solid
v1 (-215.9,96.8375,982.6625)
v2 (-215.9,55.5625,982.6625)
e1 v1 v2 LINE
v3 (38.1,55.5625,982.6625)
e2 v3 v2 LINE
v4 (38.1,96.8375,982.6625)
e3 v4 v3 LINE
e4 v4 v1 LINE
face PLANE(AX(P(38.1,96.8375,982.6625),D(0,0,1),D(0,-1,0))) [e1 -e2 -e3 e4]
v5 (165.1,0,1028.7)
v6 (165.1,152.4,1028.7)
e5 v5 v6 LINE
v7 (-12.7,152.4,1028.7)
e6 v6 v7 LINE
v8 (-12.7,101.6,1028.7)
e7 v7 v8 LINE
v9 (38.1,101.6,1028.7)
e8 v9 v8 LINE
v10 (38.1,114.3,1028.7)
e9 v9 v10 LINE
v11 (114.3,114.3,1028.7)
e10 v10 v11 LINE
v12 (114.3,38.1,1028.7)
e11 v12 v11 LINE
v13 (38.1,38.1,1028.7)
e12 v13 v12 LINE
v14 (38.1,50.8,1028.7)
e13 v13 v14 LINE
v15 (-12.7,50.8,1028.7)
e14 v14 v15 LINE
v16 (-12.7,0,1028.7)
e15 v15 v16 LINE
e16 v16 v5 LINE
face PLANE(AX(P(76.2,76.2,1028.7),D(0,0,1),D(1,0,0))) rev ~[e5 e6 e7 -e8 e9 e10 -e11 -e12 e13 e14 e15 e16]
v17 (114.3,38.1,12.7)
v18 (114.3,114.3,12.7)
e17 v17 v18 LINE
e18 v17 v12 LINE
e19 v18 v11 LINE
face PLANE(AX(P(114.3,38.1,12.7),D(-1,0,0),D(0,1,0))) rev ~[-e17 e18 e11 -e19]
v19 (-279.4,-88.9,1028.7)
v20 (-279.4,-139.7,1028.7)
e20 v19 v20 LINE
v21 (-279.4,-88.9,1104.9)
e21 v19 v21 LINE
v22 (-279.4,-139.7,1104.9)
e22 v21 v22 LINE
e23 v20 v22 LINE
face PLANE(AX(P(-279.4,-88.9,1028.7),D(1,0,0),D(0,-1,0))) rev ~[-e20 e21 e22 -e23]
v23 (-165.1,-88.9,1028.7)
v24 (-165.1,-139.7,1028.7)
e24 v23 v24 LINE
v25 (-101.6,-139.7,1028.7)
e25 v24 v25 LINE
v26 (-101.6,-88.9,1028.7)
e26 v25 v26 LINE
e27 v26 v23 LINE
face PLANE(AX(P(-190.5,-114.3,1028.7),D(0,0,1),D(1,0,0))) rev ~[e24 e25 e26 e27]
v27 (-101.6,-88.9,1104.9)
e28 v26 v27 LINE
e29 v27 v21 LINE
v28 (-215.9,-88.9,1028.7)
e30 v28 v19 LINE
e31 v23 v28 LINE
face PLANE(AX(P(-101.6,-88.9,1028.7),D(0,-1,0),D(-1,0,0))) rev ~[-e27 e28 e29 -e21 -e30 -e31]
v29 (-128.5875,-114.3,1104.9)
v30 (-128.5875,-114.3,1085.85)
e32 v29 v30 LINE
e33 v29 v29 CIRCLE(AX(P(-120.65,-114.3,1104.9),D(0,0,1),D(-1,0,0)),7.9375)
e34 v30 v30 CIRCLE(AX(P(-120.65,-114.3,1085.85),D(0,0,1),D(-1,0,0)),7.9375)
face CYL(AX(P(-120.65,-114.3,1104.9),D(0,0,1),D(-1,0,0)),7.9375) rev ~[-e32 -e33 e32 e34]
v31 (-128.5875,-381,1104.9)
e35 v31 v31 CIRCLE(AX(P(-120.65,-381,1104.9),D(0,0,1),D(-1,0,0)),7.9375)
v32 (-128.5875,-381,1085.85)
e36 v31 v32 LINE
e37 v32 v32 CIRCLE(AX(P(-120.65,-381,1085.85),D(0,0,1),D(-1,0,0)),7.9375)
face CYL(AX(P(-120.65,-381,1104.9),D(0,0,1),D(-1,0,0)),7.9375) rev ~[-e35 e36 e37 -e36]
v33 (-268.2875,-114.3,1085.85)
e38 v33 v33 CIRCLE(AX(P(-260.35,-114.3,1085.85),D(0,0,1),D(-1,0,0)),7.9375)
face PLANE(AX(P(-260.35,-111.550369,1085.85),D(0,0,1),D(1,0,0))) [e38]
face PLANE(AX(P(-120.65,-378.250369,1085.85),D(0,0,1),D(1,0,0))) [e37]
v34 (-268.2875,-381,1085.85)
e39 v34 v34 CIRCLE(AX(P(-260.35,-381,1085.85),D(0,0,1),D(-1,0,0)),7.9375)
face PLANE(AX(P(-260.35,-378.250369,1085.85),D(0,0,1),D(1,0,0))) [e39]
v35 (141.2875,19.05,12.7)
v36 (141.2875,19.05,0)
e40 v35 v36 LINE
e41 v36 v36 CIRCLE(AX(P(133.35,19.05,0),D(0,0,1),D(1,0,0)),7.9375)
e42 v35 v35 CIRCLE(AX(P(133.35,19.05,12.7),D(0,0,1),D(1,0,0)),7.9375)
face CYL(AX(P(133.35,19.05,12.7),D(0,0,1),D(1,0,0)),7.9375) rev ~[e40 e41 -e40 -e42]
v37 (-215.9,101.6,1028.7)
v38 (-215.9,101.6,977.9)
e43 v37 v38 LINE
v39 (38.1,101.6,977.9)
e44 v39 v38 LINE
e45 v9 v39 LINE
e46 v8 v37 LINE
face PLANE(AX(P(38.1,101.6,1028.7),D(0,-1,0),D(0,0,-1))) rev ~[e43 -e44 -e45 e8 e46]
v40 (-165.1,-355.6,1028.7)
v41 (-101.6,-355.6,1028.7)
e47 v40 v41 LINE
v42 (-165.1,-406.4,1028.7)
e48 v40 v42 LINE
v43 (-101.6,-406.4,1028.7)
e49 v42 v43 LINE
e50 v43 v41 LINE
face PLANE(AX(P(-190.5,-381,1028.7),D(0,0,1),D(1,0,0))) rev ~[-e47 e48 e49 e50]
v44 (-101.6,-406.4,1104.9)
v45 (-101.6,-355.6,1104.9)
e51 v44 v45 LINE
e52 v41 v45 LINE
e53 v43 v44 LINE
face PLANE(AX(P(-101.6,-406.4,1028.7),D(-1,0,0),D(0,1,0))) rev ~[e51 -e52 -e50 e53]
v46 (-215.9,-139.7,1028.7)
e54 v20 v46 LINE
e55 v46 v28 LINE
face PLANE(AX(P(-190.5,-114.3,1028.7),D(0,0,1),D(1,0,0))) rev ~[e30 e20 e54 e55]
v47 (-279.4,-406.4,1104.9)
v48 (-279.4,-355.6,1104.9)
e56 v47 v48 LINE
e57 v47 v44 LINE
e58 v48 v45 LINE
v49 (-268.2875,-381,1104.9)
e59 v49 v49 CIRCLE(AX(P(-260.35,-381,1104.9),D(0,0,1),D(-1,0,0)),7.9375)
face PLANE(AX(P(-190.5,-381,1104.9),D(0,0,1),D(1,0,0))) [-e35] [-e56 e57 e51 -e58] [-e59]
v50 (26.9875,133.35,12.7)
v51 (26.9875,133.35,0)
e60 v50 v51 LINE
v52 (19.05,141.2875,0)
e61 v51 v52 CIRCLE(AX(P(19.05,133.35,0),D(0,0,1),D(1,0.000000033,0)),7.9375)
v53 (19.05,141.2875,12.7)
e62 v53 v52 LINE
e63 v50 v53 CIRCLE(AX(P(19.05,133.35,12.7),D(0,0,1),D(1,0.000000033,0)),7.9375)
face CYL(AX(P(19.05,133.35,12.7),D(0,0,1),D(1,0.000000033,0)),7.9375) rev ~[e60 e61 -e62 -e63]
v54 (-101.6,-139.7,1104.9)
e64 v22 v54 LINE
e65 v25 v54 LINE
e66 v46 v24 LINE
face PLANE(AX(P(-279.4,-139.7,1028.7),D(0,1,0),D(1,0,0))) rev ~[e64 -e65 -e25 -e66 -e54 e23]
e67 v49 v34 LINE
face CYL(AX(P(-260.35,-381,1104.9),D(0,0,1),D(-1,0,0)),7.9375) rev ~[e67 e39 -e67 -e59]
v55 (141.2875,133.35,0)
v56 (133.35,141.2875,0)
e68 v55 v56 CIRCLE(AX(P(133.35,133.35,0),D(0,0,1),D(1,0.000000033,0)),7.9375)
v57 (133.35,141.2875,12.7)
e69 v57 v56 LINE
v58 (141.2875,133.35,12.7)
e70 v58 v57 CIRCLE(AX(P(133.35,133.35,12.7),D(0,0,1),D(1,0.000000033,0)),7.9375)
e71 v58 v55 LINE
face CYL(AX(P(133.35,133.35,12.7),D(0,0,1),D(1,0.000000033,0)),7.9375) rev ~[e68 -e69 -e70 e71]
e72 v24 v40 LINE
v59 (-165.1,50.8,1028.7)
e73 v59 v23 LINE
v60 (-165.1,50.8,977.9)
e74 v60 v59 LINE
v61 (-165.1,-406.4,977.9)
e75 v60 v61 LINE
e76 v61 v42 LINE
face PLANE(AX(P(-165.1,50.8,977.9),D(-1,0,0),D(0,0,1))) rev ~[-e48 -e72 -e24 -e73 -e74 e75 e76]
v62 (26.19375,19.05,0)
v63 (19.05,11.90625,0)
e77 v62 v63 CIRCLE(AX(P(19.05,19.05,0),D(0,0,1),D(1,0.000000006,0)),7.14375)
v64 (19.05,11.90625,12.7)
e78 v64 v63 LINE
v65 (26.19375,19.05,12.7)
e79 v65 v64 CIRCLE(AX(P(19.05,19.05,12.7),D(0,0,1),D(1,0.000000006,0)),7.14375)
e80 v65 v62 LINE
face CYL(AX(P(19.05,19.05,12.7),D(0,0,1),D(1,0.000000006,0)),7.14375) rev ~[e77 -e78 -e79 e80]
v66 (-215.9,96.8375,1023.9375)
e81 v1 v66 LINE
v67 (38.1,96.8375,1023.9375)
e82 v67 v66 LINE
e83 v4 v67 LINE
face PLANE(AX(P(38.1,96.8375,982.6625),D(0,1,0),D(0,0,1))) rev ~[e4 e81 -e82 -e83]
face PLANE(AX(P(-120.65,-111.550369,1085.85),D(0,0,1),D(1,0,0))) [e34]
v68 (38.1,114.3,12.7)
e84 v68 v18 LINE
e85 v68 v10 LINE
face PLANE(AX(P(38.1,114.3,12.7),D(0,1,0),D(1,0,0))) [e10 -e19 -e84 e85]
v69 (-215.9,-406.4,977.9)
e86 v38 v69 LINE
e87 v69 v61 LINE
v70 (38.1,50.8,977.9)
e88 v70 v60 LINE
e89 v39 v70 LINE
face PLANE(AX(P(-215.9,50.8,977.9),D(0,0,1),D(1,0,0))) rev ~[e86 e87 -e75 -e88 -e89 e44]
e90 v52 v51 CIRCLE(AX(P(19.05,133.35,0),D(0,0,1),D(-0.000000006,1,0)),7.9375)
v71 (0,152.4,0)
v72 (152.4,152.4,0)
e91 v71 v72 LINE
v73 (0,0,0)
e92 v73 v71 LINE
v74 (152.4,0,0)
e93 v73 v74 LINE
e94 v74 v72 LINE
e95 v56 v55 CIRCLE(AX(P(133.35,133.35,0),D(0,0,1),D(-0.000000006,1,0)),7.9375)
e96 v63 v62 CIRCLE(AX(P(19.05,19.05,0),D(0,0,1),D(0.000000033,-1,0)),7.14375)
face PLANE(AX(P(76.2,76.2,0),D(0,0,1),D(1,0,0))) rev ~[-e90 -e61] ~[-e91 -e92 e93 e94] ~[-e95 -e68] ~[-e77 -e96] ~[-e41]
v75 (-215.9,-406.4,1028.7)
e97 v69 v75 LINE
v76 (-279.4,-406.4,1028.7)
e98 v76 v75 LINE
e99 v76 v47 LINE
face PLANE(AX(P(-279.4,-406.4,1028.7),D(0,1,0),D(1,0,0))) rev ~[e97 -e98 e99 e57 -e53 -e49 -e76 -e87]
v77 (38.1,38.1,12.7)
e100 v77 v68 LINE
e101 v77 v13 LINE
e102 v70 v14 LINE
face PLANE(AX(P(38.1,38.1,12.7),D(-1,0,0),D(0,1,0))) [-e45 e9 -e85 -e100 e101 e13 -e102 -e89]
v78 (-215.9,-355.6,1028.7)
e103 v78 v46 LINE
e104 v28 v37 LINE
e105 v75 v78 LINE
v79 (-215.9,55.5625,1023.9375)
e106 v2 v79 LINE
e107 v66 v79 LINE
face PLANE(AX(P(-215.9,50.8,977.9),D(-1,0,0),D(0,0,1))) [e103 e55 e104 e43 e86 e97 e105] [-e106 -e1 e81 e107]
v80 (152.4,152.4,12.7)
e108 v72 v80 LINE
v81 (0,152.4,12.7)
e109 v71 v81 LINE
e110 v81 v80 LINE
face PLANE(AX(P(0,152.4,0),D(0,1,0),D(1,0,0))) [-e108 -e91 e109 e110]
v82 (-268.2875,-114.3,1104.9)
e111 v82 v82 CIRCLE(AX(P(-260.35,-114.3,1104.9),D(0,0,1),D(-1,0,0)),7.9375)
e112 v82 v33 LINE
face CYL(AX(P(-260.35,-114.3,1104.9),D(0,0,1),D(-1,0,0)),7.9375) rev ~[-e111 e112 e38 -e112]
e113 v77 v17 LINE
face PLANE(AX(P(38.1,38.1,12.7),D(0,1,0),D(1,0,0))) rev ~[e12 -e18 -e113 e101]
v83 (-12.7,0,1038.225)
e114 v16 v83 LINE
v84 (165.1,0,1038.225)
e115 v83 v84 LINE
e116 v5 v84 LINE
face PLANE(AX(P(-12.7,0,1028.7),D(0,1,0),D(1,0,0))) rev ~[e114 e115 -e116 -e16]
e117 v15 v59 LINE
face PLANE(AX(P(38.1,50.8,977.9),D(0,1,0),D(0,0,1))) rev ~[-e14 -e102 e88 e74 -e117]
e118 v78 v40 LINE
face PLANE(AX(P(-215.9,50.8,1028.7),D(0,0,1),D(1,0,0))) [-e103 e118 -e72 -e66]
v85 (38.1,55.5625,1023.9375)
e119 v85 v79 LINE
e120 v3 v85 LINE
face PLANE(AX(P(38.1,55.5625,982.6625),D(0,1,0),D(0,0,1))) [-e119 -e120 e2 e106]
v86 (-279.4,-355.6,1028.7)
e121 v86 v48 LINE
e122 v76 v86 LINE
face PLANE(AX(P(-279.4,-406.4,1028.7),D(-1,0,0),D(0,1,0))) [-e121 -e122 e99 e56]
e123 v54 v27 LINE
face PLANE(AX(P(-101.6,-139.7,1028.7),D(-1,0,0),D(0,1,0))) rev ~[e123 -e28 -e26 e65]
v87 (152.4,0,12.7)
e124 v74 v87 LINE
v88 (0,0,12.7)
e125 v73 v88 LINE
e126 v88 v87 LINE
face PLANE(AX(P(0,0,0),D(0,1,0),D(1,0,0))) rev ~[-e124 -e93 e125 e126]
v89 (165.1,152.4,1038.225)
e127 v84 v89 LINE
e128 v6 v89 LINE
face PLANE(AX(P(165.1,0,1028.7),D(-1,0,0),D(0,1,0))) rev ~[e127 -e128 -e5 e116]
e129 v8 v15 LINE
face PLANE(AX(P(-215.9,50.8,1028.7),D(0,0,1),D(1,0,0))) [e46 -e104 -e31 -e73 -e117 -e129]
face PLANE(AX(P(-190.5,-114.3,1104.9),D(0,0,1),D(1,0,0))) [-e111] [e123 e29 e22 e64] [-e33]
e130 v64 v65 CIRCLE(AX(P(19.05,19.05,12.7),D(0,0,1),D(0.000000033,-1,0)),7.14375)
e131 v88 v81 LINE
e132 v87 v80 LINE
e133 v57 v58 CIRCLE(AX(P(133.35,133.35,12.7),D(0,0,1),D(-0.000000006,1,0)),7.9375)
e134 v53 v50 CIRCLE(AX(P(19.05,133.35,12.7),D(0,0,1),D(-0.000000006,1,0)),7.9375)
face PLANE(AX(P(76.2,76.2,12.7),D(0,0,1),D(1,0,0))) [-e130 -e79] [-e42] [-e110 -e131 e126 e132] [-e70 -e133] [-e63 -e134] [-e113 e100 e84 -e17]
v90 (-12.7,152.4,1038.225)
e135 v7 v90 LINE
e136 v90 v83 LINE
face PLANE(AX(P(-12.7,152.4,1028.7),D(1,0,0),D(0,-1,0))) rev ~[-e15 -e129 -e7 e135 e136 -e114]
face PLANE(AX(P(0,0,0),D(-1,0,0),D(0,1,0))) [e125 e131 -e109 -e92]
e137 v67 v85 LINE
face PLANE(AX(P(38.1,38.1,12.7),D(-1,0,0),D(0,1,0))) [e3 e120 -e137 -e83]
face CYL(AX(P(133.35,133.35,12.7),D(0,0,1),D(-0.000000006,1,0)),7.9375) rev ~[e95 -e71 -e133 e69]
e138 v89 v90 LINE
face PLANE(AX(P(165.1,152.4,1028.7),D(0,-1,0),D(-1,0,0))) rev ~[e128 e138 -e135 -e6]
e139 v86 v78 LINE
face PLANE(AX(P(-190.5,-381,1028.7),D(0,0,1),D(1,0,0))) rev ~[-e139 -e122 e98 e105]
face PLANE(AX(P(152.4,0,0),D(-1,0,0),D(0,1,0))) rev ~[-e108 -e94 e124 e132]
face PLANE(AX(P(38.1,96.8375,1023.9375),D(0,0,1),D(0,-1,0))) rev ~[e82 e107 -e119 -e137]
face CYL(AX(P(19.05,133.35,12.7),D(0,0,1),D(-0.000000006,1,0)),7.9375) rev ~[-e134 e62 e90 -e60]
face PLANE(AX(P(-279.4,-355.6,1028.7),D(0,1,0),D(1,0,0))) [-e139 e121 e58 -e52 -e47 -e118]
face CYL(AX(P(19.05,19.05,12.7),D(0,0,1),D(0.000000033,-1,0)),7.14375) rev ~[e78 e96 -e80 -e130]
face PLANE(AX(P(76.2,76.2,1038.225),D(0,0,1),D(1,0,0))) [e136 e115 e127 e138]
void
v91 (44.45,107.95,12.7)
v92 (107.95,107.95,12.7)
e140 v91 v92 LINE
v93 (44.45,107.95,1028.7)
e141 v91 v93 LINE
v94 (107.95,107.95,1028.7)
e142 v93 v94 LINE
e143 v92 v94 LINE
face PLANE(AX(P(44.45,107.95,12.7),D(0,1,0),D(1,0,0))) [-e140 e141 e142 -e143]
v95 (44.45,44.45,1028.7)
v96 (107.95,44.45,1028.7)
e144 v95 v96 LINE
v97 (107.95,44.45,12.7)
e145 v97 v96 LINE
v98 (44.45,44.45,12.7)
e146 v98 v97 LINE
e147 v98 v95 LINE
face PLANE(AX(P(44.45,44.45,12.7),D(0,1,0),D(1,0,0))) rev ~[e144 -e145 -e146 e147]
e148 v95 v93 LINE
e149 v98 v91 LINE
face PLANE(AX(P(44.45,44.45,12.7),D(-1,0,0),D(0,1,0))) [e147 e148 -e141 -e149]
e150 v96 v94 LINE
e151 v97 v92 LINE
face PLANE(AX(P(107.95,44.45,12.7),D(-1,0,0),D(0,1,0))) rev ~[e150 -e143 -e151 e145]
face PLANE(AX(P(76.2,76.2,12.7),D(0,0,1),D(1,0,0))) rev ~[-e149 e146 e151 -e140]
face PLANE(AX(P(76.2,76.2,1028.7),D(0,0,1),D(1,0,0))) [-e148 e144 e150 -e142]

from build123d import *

# Parameters (mm, degrees)
F0_W      = 152.4
F0_H      = 152.4
F1_DEPTH  = 12.7
F2_W      = 76.2
F2_H      = 76.2
F2_W_2    = 63.5
F2_H_2    = 63.5
F3_DEPTH  = 1016
F4_W      = 41.275
F4_H      = 41.275
F5_DEPTH  = 254
F6_W      = 50.8
F6_H      = 50.8
F7_DEPTH  = 457.2
F8_W      = 177.8
F8_H      = 50.8
F9_DEPTH  = 76.2
F11_DEPTH = 9.525
F13_DEPTH = 19.05
F15_DEPTH = 19.05
F16_R     = 7.9375
F17_DEPTH = 25.4


with BuildPart() as f1:
    # F0 (on Top) → F1 (new body)
    with BuildSketch(Plane.XY):
        with Locations((76.2, 76.2)):
            Rectangle(F0_W, F0_H)
    extrude(amount=F1_DEPTH)

    # F2 (on face) → F3 (join)
    with BuildSketch(Plane.XY.offset(12.7)):
        with Locations((76.2, 76.2)):
            Rectangle(F2_W, F2_H)
        with Locations((76.2, 76.2)):
            Rectangle(F2_W_2, F2_H_2, mode=Mode.SUBTRACT)
    extrude(amount=F3_DEPTH)

    # F4 (on face) → F5 (join)
    with BuildSketch(Plane(origin=(38.1, 0, 0), x_dir=(0, -1, 0), z_dir=(-1, 0, 0))):
        Polygon((-50.8, 1028.7), (-101.6, 1028.7), (-101.6, 1023.9375), (-101.6, 977.9), (-50.8, 977.9), align=None)
        with Locations((-76.2, 1003.3)):
            Rectangle(F4_W, F4_H, mode=Mode.SUBTRACT)
    extrude(amount=F5_DEPTH)

    # F6 (on face) → F7 (join)
    with BuildSketch(Plane.XZ.offset(-50.8)):
        with Locations((-190.5, 1003.3)):
            Rectangle(F6_W, F6_H)
    extrude(amount=F7_DEPTH)

    # F8 (on face) → F9 (join)
    with BuildSketch(Plane.XY.offset(1028.7)):
        with Locations((-190.5, -381)):
            Rectangle(F8_W, F8_H)
        Polygon((-101.6, -88.9), (-165.1, -88.9), (-279.4, -88.9), (-279.4, -139.7), (-101.6, -139.7), align=None)
    extrude(amount=F9_DEPTH)

    # F10 (on face) → F11 (join)
    with BuildSketch(Plane.XY.offset(1028.7)):
        Polygon((165.1, 152.4), (114.3, 152.4), (-12.7, 152.4), (-12.7, 0), (165.1, 0), align=None)
    extrude(amount=F11_DEPTH)

    # F12 (on face) → F13 (cut)
    with BuildSketch(Plane.XY.offset(1104.9)):
        with BuildLine():
            Line((-268.2875, -114.3), (-260.35, -114.3))
            Line((-260.35, -114.3), (-252.4125, -114.3))
            ThreePointArc((-252.4125, -114.3), (-260.35, -106.3625), (-268.2875, -114.3))
        make_face()
        with BuildLine():
            Line((-252.4125, -114.3), (-260.35, -114.3))
            Line((-260.35, -114.3), (-268.2875, -114.3))
            ThreePointArc((-268.2875, -114.3), (-260.35, -122.2375), (-252.4125, -114.3))
        make_face()
        with BuildLine():
            ThreePointArc((-112.7125, -114.3), (-120.65, -106.3625), (-128.5875, -114.3))
            Line((-128.5875, -114.3), (-120.65, -114.3))
            Line((-120.65, -114.3), (-112.7125, -114.3))
        make_face()
        with BuildLine():
            Line((-120.65, -114.3), (-128.5875, -114.3))
            ThreePointArc((-128.5875, -114.3), (-120.65, -122.2375), (-112.7125, -114.3))
            Line((-112.7125, -114.3), (-120.65, -114.3))
        make_face()
    extrude(amount=-F13_DEPTH, mode=Mode.SUBTRACT)

    # F14 (on face) → F15 (cut)
    with BuildSketch(Plane.XY.offset(1104.9)):
        with BuildLine():
            Line((-268.2875, -381), (-260.35, -381))
            Line((-260.35, -381), (-252.4125, -381))
            ThreePointArc((-252.4125, -381), (-260.35, -373.0625), (-268.2875, -381))
        make_face()
        with BuildLine():
            Line((-252.4125, -381), (-260.35, -381))
            Line((-260.35, -381), (-268.2875, -381))
            ThreePointArc((-268.2875, -381), (-260.35, -388.9375), (-252.4125, -381))
        make_face()
        with BuildLine():
            ThreePointArc((-112.7125, -381), (-120.65, -373.0625), (-128.5875, -381))
            Line((-128.5875, -381), (-120.65, -381))
            Line((-120.65, -381), (-112.7125, -381))
        make_face()
        with BuildLine():
            Line((-120.65, -381), (-128.5875, -381))
            ThreePointArc((-128.5875, -381), (-120.65, -388.9375), (-112.7125, -381))
            Line((-112.7125, -381), (-120.65, -381))
        make_face()
    extrude(amount=-F15_DEPTH, mode=Mode.SUBTRACT)

    # F16 (on face) → F17 (cut)
    with BuildSketch(Plane.XY.offset(12.7)):
        with BuildLine():
            ThreePointArc((19.05, 11.90625), (24.101394, 13.998606), (26.19375, 19.05))
            ThreePointArc((26.19375, 19.05), (13.998606, 24.101394), (19.05, 11.90625))
        make_face()
        with BuildLine():
            ThreePointArc((133.35, 141.2875), (127.73734, 127.73734), (141.2875, 133.35))
            ThreePointArc((141.2875, 133.35), (138.96266, 138.96266), (133.35, 141.2875))
        make_face()
        with Locations((133.35, 19.05)):
            Circle(F16_R)
        with BuildLine():
            ThreePointArc((19.05, 141.2875), (13.43734, 127.73734), (26.9875, 133.35))
            ThreePointArc((26.9875, 133.35), (24.66266, 138.96266), (19.05, 141.2875))
        make_face()
    extrude(amount=-F17_DEPTH, mode=Mode.SUBTRACT)


solid = f1.part
